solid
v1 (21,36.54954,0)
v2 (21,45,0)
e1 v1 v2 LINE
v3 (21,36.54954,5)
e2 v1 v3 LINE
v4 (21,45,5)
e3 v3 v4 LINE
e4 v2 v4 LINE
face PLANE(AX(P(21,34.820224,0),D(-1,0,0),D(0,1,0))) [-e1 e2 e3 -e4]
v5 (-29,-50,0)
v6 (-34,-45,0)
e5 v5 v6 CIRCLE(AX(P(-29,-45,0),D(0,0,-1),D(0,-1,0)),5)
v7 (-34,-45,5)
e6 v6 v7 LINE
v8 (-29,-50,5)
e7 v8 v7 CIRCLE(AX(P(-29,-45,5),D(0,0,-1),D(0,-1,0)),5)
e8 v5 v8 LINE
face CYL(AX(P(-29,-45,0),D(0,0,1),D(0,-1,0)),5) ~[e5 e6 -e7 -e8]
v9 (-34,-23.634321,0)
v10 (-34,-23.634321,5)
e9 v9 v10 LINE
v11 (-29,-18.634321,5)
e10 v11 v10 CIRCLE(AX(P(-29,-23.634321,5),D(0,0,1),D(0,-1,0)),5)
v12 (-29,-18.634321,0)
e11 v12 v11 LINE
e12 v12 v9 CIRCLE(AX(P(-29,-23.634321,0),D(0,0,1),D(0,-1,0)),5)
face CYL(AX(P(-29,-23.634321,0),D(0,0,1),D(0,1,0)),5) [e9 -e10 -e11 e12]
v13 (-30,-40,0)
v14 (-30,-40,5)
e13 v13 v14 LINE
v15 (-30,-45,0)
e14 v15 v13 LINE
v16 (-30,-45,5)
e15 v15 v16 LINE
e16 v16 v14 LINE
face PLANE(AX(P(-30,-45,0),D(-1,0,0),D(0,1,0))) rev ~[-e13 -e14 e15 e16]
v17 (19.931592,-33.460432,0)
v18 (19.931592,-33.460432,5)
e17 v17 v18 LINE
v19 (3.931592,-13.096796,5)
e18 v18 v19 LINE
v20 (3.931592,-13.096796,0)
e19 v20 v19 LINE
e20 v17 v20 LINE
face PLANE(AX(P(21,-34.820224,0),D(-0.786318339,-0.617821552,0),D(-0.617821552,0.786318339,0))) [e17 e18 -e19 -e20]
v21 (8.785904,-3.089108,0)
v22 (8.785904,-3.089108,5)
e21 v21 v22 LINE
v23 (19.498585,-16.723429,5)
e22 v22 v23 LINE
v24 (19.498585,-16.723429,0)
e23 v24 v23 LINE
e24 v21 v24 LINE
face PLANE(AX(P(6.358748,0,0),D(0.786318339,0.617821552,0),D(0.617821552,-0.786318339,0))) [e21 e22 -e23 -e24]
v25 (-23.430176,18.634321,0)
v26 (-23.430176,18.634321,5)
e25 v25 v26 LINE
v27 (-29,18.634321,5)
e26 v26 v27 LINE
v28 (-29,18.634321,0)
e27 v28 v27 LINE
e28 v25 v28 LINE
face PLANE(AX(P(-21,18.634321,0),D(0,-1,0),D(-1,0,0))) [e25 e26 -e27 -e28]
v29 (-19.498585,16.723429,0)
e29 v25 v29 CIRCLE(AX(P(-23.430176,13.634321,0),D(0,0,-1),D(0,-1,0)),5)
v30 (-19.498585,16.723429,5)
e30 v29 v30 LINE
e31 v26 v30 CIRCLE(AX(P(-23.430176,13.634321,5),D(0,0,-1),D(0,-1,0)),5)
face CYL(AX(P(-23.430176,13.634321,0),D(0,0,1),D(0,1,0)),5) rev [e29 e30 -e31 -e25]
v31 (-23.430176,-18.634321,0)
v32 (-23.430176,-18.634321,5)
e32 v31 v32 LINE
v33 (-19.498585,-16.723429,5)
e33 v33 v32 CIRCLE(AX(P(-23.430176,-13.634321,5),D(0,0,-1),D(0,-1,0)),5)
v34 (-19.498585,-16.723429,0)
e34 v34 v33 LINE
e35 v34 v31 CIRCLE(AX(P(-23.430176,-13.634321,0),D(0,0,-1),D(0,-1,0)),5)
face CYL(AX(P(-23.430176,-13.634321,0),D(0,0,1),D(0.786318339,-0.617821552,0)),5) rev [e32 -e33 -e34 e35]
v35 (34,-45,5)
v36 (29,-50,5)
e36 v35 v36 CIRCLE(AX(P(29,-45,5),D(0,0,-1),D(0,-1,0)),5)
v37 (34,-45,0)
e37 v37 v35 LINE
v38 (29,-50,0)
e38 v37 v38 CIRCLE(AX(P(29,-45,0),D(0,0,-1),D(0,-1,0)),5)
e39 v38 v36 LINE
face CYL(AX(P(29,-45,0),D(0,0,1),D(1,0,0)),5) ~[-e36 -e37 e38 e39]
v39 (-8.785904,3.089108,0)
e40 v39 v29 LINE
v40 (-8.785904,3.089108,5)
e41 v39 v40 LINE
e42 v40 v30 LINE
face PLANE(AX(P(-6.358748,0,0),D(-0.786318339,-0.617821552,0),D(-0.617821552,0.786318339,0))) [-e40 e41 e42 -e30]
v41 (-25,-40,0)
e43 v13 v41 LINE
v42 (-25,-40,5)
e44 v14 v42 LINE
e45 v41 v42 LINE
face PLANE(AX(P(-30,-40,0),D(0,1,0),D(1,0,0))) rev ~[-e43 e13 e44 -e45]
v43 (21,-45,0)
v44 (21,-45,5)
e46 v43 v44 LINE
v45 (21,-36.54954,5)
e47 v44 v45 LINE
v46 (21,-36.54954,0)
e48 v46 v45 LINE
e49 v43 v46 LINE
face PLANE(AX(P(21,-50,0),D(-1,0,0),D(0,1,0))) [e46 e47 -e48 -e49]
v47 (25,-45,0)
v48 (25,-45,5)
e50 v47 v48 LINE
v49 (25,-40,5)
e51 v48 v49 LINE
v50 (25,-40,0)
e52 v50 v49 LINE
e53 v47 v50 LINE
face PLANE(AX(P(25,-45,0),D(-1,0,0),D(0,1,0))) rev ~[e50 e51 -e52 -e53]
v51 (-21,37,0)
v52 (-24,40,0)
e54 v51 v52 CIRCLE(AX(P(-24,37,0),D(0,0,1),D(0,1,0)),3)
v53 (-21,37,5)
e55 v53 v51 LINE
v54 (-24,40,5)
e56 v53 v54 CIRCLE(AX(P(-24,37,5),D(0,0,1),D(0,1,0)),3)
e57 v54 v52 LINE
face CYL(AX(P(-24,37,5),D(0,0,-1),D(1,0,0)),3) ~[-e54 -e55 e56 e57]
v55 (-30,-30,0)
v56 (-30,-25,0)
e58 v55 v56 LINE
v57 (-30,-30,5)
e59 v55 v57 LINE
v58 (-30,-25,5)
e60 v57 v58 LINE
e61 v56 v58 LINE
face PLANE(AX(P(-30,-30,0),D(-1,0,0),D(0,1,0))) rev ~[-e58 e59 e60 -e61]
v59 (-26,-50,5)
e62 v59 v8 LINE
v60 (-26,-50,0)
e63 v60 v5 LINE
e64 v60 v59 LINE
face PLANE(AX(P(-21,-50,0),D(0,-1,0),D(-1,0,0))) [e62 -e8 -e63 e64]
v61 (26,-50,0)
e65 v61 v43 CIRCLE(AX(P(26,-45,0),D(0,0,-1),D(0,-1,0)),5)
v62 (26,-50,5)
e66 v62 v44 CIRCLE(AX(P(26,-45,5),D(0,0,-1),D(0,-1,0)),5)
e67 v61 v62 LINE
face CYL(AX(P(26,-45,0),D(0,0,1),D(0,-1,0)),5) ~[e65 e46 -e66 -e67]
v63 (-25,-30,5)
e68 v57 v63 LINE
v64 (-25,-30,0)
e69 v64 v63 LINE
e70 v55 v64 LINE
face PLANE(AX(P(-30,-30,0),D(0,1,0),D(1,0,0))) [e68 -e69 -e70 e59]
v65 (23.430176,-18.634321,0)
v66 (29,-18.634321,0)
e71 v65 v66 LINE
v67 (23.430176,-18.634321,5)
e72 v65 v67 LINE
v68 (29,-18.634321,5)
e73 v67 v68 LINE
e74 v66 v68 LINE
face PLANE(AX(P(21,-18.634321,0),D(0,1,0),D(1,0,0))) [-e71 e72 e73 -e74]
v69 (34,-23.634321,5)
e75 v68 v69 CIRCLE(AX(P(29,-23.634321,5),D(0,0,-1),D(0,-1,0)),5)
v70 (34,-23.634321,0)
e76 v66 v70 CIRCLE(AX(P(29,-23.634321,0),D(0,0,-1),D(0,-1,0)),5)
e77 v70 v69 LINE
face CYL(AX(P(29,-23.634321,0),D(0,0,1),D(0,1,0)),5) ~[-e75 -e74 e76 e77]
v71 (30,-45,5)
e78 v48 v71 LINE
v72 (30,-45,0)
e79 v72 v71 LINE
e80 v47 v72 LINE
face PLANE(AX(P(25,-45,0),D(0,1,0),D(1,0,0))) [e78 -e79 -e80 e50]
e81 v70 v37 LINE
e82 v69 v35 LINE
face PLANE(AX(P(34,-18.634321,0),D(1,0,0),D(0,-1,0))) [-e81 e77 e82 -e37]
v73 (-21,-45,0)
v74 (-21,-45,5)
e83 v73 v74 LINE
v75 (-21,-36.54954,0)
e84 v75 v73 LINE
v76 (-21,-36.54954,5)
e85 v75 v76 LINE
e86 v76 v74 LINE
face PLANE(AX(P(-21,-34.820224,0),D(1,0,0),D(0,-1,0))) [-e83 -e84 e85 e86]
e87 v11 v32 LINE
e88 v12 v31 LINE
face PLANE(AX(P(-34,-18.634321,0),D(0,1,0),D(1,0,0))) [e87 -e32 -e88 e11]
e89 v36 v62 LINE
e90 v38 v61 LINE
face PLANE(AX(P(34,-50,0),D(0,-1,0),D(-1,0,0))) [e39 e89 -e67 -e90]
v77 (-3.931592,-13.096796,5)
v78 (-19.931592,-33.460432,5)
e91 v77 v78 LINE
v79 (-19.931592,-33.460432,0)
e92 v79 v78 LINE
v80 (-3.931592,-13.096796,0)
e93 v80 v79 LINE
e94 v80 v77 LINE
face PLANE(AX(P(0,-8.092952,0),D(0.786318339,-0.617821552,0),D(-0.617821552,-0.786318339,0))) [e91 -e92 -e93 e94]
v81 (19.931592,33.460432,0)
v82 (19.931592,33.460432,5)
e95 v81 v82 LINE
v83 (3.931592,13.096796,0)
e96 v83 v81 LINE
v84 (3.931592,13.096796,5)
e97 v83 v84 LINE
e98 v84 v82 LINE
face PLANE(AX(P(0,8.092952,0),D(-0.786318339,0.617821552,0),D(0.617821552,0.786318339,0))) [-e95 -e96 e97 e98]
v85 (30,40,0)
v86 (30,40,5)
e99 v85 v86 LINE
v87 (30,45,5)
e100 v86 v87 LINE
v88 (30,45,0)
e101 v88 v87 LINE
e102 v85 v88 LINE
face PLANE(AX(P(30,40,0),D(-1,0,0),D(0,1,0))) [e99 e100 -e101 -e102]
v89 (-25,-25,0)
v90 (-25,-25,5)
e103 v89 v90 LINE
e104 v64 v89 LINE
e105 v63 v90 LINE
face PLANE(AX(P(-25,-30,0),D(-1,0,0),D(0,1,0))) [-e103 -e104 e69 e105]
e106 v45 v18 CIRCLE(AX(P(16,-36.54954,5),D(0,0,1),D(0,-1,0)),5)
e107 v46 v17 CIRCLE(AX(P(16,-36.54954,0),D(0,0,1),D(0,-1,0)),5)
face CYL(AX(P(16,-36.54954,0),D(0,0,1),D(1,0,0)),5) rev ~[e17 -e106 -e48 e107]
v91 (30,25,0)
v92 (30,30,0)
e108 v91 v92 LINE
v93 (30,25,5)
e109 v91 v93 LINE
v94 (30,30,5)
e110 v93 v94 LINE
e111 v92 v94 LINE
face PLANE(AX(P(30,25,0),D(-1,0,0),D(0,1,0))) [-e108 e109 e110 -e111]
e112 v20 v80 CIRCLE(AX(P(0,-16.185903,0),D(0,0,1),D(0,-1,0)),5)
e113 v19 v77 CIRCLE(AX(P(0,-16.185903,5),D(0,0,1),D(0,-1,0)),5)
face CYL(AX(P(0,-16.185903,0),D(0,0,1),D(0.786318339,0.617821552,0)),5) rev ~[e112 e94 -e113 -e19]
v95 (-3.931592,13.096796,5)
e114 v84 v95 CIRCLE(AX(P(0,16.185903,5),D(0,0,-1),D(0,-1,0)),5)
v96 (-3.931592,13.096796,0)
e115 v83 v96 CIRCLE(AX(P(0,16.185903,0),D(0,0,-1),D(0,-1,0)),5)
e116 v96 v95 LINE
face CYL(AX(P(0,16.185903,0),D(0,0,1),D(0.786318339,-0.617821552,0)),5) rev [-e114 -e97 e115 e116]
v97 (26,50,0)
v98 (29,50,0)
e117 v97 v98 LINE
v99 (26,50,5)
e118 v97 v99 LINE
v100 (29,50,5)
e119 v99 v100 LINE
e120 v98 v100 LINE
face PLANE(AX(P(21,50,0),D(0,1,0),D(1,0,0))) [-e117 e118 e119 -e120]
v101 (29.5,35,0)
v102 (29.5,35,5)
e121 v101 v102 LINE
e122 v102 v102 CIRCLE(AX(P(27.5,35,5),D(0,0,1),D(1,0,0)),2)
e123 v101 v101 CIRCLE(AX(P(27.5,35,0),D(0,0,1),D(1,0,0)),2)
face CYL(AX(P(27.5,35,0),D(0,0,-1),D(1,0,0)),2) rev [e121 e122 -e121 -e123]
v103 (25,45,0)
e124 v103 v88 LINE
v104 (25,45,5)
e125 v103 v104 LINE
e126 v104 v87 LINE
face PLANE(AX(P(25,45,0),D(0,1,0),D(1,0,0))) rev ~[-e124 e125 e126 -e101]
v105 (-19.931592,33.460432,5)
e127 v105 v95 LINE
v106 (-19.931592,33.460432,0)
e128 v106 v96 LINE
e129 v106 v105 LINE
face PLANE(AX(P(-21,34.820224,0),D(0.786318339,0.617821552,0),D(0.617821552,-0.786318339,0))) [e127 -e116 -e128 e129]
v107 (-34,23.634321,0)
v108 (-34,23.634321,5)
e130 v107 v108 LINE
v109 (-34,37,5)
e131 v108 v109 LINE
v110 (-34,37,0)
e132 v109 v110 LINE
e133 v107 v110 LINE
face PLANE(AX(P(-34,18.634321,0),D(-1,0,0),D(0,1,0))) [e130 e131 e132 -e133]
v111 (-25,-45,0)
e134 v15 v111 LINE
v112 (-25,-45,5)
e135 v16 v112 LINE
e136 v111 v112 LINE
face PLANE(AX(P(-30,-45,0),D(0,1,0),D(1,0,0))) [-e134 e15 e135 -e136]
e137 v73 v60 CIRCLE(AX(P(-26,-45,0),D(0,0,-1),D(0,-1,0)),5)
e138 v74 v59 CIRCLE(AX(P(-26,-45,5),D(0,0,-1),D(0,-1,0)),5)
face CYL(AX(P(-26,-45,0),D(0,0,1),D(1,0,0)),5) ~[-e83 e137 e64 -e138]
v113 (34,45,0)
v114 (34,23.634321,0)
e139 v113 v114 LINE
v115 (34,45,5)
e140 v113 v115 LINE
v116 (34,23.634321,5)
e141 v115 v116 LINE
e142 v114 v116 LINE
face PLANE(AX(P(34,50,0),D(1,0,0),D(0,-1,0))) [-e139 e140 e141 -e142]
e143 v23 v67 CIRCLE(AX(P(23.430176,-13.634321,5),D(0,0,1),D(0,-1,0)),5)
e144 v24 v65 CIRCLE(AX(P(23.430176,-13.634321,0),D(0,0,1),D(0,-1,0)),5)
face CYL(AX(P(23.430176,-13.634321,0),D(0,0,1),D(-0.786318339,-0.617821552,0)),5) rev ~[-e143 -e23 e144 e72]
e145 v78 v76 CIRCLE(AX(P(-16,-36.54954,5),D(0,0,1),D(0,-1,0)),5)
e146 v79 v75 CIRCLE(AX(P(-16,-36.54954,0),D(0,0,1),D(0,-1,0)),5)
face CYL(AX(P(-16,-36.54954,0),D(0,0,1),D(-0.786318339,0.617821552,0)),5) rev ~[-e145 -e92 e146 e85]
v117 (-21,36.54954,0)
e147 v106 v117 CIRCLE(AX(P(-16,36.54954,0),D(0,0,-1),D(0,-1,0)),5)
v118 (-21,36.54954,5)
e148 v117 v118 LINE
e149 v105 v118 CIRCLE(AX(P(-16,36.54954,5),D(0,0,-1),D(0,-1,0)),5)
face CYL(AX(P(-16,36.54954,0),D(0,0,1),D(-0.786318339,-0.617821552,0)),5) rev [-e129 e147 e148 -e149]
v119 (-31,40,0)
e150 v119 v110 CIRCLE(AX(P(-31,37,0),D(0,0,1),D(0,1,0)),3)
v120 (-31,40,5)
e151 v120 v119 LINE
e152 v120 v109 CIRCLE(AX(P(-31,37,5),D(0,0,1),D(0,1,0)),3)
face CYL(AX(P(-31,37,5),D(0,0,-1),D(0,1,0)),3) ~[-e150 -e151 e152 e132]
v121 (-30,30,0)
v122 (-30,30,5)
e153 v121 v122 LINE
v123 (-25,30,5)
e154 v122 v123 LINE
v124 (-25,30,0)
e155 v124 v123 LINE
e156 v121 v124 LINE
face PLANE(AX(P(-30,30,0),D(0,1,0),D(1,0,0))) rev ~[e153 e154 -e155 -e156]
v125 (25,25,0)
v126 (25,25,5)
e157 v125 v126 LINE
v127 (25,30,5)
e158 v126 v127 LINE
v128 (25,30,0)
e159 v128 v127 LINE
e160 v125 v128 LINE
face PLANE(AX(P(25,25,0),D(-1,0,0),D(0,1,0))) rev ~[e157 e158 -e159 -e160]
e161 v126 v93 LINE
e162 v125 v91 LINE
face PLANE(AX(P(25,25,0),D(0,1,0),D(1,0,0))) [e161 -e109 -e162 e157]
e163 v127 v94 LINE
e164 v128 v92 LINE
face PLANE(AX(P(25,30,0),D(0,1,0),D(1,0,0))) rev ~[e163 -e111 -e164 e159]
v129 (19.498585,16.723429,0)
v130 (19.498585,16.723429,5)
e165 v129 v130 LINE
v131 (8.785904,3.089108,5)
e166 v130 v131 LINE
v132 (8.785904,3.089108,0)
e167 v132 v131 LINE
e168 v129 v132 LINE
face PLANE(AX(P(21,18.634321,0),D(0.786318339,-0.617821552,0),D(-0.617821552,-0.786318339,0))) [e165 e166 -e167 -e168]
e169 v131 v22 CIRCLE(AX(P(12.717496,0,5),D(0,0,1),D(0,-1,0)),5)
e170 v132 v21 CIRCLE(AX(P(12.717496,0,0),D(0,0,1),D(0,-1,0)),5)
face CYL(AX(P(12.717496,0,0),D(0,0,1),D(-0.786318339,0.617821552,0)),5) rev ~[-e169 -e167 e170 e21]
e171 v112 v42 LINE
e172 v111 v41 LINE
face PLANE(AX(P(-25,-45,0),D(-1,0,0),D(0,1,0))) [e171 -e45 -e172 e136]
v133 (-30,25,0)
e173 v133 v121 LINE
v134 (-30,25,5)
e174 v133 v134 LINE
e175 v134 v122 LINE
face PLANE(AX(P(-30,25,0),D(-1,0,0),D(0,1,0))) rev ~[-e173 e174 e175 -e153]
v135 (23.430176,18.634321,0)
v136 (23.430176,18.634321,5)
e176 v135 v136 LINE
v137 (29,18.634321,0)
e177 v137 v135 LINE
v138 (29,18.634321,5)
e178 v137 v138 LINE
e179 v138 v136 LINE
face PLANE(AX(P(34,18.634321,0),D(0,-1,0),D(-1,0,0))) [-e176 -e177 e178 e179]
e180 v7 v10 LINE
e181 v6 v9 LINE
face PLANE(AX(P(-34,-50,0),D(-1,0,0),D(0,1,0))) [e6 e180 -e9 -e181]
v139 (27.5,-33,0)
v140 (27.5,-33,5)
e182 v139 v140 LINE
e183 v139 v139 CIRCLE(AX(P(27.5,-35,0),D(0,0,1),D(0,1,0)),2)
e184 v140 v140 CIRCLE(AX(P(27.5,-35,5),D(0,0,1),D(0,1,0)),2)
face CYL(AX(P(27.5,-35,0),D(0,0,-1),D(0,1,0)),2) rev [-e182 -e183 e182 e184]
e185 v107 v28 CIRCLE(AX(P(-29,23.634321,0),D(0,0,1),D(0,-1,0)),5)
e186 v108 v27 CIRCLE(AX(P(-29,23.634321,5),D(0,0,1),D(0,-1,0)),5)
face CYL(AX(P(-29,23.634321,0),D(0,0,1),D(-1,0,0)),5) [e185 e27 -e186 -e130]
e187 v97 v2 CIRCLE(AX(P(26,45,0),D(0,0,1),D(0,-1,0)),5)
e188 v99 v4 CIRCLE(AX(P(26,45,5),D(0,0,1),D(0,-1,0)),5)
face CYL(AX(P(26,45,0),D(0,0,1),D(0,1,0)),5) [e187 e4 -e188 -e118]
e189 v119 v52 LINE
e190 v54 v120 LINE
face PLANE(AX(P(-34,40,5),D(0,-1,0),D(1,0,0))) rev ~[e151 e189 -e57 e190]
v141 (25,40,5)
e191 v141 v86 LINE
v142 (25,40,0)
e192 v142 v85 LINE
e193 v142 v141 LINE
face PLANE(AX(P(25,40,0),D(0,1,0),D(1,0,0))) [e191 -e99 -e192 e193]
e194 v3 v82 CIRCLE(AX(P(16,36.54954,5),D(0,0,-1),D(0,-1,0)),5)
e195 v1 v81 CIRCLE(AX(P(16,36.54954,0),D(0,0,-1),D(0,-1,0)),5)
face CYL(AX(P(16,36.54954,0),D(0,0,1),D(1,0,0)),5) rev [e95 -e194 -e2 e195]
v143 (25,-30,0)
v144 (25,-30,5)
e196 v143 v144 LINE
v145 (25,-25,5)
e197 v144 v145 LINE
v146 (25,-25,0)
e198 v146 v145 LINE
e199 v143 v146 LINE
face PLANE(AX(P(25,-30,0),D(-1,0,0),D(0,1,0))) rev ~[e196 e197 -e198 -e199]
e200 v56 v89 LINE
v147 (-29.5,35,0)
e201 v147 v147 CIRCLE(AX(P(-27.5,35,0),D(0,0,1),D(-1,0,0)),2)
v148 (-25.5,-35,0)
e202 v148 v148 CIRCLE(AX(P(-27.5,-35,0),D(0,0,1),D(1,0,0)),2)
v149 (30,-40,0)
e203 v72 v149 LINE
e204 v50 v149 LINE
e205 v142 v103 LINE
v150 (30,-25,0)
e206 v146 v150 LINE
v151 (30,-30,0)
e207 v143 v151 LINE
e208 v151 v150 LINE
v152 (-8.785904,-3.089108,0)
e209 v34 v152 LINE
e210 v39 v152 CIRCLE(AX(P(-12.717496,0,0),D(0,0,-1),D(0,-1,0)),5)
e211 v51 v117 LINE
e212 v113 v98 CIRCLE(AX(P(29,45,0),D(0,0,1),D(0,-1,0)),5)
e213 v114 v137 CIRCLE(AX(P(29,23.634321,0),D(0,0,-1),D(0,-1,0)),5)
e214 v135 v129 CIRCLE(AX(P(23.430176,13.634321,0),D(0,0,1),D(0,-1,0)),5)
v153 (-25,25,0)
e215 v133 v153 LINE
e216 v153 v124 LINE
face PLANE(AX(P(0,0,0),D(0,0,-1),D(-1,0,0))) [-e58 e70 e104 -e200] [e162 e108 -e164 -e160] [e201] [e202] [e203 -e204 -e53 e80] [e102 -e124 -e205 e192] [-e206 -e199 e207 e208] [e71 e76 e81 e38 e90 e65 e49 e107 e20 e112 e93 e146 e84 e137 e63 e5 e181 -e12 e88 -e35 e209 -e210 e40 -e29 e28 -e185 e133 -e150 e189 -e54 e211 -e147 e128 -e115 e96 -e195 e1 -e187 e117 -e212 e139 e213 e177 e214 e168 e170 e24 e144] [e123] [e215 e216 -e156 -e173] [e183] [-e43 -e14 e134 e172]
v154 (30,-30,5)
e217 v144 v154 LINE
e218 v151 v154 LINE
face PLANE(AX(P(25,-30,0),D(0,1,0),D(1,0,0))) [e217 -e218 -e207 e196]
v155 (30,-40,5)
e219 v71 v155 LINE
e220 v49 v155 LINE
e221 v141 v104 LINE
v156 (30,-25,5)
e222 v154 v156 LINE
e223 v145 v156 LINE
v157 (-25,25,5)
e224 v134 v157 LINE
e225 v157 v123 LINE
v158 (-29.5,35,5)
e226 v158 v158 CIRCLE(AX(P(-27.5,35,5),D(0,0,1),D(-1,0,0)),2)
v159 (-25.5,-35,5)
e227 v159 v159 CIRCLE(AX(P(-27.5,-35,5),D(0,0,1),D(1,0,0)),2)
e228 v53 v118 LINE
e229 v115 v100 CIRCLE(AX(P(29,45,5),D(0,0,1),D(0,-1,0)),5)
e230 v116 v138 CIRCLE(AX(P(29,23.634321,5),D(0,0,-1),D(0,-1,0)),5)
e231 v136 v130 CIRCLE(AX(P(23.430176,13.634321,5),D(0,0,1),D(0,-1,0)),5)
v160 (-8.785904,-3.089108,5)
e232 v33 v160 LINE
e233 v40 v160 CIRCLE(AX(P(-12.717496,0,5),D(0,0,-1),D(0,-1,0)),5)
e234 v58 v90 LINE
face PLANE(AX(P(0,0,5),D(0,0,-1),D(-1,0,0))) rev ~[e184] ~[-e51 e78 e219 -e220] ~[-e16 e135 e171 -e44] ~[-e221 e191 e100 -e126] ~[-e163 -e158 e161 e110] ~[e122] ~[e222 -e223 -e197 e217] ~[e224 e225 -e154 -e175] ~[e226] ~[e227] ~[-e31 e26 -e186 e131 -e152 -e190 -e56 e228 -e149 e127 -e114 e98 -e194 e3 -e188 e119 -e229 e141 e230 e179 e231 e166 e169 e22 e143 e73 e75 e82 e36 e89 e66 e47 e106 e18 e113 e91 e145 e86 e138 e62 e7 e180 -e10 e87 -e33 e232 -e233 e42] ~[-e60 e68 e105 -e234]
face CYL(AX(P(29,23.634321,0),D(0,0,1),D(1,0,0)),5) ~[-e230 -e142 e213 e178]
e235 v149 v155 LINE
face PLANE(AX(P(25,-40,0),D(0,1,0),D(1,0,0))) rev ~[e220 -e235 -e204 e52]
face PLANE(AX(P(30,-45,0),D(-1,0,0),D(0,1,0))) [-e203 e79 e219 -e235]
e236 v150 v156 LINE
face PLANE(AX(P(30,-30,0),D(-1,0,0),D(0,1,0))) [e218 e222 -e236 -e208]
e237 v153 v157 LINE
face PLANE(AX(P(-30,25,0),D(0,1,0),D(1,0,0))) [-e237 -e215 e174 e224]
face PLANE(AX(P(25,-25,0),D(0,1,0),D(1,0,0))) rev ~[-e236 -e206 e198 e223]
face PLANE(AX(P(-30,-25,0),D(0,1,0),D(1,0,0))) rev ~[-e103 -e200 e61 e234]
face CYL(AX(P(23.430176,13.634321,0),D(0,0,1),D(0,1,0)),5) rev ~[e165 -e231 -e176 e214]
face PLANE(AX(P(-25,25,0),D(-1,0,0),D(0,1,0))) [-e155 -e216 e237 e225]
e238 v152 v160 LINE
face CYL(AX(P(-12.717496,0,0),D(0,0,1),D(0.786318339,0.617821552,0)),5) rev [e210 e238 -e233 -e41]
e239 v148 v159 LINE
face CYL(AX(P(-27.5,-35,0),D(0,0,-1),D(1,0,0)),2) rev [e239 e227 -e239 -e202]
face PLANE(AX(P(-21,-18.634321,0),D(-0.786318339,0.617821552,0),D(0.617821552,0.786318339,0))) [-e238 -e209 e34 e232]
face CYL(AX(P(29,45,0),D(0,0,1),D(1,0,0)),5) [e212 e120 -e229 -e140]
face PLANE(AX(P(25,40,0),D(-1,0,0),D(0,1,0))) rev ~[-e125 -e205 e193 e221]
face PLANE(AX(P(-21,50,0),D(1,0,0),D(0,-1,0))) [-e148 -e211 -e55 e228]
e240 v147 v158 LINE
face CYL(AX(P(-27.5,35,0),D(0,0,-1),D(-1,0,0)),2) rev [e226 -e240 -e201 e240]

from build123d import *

# Parameters (mm, degrees)
ESQUISSE1_R             = 2
ESQUISSE1_W             = 5
ESQUISSE1_H             = 5
BOSS_EXTRU_1_DEPTH      = 5
CONG_1_R                = 5
ESQUISSE2_W             = 13
ESQUISSE2_H             = 10
ENL_V_MAT_EXTRU_1_DEPTH = 61.671245248
CONG_2_R                = 3


with BuildPart() as part:
    # Esquisse1 → Boss.-Extru.1 (new body)
    with BuildSketch(Plane.XY):
        Polygon((34, 50), (34, 18.634320993), (21, 18.634320993), (6.358747791, 0), (21, -18.634320993), (34, -18.634320993), (34, -50), (21, -50), (21, -34.820224461), (0, -8.092951734), (-21, -34.820224461), (-21, -50), (-34, -50), (-34, -18.634320993), (-21, -18.634320993), (-6.358747791, 0), (-21, 18.634320993), (-34, 18.634320993), (-34, 50), (-21, 50), (-21, 34.820224461), (0, 8.092951734), (21, 34.820224461), (21, 50), align=None)
        with Locations((27.5, 35)):
            Circle(ESQUISSE1_R, mode=Mode.SUBTRACT)
        with Locations(Location((-27.5, 35, 0), (0, 0, 180))):
            Circle(ESQUISSE1_R, mode=Mode.SUBTRACT)
        with Locations((-27.5, -35)):
            Circle(ESQUISSE1_R, mode=Mode.SUBTRACT)
        with Locations(Location((27.5, -35, 0), (0, 0, 90))):
            Circle(ESQUISSE1_R, mode=Mode.SUBTRACT)
        with Locations((27.5, 27.5)):
            Rectangle(ESQUISSE1_W, ESQUISSE1_H, mode=Mode.SUBTRACT)
        with Locations((27.5, 42.5)):
            Rectangle(ESQUISSE1_W, ESQUISSE1_H, mode=Mode.SUBTRACT)
        with Locations((-27.5, 27.5)):
            Rectangle(ESQUISSE1_W, ESQUISSE1_H, mode=Mode.SUBTRACT)
        with Locations((-27.5, 42.5)):
            Rectangle(ESQUISSE1_W, ESQUISSE1_H, mode=Mode.SUBTRACT)
        with Locations((-27.5, -27.5)):
            Rectangle(ESQUISSE1_W, ESQUISSE1_H, mode=Mode.SUBTRACT)
        with Locations((-27.5, -42.5)):
            Rectangle(ESQUISSE1_W, ESQUISSE1_H, mode=Mode.SUBTRACT)
        with Locations((27.5, -27.5)):
            Rectangle(ESQUISSE1_W, ESQUISSE1_H, mode=Mode.SUBTRACT)
        with Locations((27.5, -42.5)):
            Rectangle(ESQUISSE1_W, ESQUISSE1_H, mode=Mode.SUBTRACT)
    extrude(amount=BOSS_EXTRU_1_DEPTH)

    # Congé1
    cong_1_edges = [part.edges().sort_by_distance(p)[0] for p in [
        (34, 50, 2.5),
        (34, 18.634320993, 2.5),
        (21, 18.634320993, 2.5),
        (6.358747791, 0, 2.5),
        (21, -18.634320993, 2.5),
        (34, -18.634320993, 2.5),
        (34, -50, 2.5),
        (21, -50, 2.5),
        (21, -34.820224461, 2.5),
        (0, -8.092951734, 2.5),
        (-21, -34.820224461, 2.5),
        (-21, -50, 2.5),
        (-34, -50, 2.5),
        (-34, -18.634320993, 2.5),
        (-21, -18.634320993, 2.5),
        (-6.358747791, 0, 2.5),
        (-21, 18.634320993, 2.5),
        (-34, 18.634320993, 2.5),
        (-34, 50, 2.5),
        (-21, 50, 2.5),
        (-21, 34.820224461, 2.5),
        (0, 8.092951734, 2.5),
        (21, 34.820224461, 2.5),
        (21, 50, 2.5),
    ]]
    fillet(cong_1_edges, radius=CONG_1_R)

    # Esquisse2 → Enlèv. mat.-Extru.1 (cut, through all)
    with BuildSketch(Plane.XY.offset(5)):
        with Locations((-27.5, 45)):
            Rectangle(ESQUISSE2_W, ESQUISSE2_H)
    extrude(amount=-ENL_V_MAT_EXTRU_1_DEPTH, mode=Mode.SUBTRACT)

    # Congé2
    cong_2_edges = [part.edges().sort_by_distance(p)[0] for p in [
        (-21, 40, 2.5),
        (-34, 40, 2.5),
    ]]
    fillet(cong_2_edges, radius=CONG_2_R)


solid = part.part
